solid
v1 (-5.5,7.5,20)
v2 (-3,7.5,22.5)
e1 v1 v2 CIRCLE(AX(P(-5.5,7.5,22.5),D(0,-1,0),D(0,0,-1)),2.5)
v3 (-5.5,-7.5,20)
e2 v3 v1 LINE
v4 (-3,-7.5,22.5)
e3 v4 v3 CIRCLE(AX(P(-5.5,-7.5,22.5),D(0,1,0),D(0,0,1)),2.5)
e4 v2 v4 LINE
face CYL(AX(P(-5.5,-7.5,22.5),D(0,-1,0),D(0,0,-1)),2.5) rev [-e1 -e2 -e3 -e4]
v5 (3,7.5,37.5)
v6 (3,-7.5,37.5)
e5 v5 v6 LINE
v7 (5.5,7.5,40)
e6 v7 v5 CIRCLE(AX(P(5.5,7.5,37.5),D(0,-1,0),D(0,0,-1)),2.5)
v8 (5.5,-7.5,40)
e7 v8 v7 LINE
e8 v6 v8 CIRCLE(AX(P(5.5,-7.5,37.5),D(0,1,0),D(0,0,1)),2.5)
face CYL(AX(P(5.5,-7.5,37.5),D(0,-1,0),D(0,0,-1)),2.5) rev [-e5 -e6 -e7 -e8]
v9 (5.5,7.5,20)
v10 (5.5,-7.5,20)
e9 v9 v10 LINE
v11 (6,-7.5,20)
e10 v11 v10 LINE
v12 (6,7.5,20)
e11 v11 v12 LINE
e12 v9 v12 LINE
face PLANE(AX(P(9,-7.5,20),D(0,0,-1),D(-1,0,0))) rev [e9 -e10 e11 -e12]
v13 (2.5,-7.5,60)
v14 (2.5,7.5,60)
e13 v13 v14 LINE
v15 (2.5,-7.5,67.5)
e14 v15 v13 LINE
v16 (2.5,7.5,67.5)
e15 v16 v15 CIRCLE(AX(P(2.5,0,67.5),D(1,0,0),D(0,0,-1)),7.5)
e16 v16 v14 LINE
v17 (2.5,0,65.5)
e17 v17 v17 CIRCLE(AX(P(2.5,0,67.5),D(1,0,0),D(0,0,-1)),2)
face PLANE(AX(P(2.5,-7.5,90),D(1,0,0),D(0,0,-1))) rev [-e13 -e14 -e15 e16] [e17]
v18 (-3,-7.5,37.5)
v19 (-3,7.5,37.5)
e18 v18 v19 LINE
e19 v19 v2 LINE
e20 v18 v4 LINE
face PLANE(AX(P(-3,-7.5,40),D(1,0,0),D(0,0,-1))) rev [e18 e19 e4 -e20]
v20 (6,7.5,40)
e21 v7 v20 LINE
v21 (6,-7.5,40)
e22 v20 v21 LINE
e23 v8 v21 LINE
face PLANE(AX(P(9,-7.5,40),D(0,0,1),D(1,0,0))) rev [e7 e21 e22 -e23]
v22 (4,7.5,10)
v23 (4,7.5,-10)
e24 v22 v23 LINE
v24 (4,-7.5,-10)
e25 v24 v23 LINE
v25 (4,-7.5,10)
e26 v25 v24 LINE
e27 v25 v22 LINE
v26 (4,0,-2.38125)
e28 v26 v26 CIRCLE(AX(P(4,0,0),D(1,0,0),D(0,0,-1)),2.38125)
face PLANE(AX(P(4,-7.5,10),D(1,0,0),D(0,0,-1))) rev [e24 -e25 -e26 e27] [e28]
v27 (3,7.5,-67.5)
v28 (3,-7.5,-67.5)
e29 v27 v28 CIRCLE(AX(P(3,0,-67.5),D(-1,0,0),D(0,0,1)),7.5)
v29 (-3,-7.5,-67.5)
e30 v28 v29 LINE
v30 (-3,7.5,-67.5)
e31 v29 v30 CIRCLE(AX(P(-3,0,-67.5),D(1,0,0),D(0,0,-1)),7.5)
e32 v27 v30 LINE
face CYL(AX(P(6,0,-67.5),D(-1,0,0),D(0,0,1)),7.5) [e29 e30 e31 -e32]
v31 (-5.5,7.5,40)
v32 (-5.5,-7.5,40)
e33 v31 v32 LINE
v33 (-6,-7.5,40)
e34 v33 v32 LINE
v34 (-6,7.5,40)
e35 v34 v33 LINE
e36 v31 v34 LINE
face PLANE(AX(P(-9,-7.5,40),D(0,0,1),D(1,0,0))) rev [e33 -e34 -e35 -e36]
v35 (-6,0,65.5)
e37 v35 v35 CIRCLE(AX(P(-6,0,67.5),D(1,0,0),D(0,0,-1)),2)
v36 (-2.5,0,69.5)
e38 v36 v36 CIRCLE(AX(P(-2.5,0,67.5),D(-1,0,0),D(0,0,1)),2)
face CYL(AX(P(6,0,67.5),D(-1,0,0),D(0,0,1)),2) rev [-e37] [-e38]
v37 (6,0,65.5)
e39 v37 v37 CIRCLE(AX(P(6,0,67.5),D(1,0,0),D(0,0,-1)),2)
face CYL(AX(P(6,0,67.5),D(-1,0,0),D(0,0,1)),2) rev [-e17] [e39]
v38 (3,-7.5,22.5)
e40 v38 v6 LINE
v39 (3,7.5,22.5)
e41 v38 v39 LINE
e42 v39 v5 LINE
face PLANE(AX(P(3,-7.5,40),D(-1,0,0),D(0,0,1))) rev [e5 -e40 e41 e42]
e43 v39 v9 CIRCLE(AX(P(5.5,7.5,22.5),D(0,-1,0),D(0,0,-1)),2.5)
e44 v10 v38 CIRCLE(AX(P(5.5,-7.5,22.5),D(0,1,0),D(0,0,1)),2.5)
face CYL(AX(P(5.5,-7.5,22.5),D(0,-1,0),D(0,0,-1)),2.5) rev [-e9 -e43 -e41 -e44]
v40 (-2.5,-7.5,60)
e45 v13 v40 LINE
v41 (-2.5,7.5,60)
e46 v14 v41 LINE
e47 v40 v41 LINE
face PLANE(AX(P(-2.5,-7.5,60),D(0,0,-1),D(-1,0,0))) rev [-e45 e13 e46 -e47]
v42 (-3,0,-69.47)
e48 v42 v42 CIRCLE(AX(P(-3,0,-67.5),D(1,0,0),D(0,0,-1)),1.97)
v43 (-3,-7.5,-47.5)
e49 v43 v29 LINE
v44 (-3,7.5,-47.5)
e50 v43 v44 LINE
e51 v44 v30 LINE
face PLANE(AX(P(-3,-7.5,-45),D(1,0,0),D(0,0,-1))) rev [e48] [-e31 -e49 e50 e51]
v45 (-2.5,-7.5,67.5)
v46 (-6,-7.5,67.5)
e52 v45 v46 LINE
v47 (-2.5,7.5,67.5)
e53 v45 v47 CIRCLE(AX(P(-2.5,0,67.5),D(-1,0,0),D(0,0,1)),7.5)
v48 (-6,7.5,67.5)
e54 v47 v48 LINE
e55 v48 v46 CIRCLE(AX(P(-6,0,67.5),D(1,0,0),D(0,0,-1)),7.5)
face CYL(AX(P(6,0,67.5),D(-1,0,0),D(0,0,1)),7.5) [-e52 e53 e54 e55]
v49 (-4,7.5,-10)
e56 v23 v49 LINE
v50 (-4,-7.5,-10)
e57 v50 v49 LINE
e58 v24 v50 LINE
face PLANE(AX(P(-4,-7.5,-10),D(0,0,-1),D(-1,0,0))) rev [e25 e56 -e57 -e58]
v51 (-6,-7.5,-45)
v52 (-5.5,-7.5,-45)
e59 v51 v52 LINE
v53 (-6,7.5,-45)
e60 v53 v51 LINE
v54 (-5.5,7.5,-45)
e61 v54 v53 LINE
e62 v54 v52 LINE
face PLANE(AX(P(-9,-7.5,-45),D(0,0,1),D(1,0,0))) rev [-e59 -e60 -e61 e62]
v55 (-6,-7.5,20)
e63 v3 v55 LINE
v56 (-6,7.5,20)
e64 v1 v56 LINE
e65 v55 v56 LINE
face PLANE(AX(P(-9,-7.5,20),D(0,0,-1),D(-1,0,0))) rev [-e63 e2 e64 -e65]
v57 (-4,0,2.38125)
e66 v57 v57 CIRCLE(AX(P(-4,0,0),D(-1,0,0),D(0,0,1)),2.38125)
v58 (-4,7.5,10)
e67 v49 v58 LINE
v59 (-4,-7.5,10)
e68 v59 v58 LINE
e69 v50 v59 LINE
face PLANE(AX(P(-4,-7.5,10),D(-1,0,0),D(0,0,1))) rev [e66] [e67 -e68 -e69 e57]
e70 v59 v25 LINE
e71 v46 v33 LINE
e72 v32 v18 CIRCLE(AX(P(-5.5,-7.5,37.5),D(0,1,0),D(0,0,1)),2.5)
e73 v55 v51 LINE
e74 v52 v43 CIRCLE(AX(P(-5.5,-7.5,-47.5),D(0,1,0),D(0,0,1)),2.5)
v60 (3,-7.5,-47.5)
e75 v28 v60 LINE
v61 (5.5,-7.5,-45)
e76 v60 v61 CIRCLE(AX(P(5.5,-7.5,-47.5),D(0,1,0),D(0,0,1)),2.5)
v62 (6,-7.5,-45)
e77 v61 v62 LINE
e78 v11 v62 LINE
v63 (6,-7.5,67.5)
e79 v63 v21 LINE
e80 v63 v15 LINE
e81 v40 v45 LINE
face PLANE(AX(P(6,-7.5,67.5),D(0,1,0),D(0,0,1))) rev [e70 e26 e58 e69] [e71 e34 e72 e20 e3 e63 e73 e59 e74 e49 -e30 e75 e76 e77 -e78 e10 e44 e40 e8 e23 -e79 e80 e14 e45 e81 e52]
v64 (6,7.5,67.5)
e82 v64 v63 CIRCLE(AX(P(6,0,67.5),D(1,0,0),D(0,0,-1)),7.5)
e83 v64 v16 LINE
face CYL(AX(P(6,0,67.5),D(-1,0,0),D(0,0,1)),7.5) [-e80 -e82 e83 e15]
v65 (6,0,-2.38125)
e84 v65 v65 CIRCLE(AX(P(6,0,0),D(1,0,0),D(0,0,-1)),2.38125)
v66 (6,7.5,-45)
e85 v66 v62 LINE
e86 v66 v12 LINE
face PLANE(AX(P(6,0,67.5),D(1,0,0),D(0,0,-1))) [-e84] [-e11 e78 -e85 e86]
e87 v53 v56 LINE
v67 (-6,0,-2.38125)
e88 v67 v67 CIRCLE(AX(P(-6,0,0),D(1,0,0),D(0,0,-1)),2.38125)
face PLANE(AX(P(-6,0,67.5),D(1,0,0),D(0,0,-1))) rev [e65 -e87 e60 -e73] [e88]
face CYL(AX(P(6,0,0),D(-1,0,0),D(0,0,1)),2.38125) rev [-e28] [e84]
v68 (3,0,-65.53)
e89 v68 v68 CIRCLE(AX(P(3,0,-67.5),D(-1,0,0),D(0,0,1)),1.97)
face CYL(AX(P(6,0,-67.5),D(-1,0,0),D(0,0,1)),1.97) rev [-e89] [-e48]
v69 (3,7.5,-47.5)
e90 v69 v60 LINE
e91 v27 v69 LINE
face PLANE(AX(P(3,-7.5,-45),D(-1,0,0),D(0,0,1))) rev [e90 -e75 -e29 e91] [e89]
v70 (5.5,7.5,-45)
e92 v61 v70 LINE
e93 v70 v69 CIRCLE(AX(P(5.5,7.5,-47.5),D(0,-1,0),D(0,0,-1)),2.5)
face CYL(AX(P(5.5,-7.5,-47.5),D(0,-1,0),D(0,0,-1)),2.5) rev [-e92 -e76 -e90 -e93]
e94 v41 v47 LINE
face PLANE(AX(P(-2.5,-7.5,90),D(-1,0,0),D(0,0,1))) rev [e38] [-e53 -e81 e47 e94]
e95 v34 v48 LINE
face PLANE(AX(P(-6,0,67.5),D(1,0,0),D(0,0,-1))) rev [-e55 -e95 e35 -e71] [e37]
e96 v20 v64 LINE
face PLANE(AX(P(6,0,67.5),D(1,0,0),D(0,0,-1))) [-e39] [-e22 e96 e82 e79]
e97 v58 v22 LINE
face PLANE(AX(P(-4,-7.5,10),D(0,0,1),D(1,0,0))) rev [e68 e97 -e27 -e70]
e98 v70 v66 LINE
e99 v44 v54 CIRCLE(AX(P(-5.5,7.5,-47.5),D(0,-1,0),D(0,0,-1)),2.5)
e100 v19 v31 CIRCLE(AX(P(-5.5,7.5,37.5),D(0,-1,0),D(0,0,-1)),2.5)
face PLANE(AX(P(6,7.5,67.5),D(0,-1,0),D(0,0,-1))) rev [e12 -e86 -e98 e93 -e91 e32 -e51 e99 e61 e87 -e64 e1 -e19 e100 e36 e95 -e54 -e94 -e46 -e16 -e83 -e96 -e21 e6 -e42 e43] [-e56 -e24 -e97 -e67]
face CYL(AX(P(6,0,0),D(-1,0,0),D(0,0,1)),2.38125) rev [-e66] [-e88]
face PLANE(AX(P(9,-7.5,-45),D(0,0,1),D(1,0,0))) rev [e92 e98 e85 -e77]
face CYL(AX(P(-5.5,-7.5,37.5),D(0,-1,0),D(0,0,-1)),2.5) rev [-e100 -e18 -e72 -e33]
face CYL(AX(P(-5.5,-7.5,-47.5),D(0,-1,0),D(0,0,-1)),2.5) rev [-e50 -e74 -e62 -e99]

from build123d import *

# Parameters (mm, degrees)
SKETCH1_R           = 2
SKETCH1_R_2         = 2.38125
SKETCH1_R_3         = 1.97
BASE_DEPTH          = 6
ALL_CUTS_DEPTH      = 76.612498967
ALL_CUTS_DEPTH_BACK = 76.612498967
SKETCH2_W           = 5
SKETCH2_H           = 30
SKETCH2_W_2         = 6
SKETCH2_H_2         = 20
SKETCH2_W_3         = 8
FILLET1_R           = 2.5


with BuildPart() as part:
    # Sketch1 → BASE (new, symmetric)
    with BuildSketch(Plane(origin=(0, 0, 0), x_dir=(0, 0, -1), z_dir=(1, 0, 0))):
        with BuildLine():
            Line((-67.5, 7.5), (67.5, 7.5))
            ThreePointArc((67.5, 7.5), (75, 0), (67.5, -7.5))
            Line((67.5, -7.5), (-67.5, -7.5))
            ThreePointArc((-67.5, -7.5), (-75, 0), (-67.5, 7.5))
        make_face()
        with Locations((-67.5, 0)):
            Circle(SKETCH1_R, mode=Mode.SUBTRACT)
        Circle(SKETCH1_R_2, mode=Mode.SUBTRACT)
        with Locations((67.5, 0)):
            Circle(SKETCH1_R_3, mode=Mode.SUBTRACT)
    extrude(amount=BASE_DEPTH, both=True)

    # Sketch2 → All_Cuts (cut, two sides: drawn at the far end of the back side and taken through both)
    with BuildSketch(Plane(origin=(0, 0, 0), x_dir=(1, 0, 0), z_dir=(0, 1, 0)).offset(-ALL_CUTS_DEPTH_BACK)):
        with Locations((0, -75)):
            Rectangle(SKETCH2_W, SKETCH2_H)
        with Locations((-6, -30)):
            Rectangle(SKETCH2_W_2, SKETCH2_H_2)
        with Locations((6, -30)):
            Rectangle(SKETCH2_W_2, SKETCH2_H_2)
        with Locations((6, 60)):
            Rectangle(SKETCH2_W_2, SKETCH2_H)
        with Locations((-6, 60)):
            Rectangle(SKETCH2_W_2, SKETCH2_H)
        Rectangle(SKETCH2_W_3, SKETCH2_H_2)
    extrude(amount=ALL_CUTS_DEPTH + ALL_CUTS_DEPTH_BACK, mode=Mode.SUBTRACT)

    # Fillet1
    fillet1_edges = [part.edges().sort_by_distance(p)[0] for p in [
        (3, 0, 20),
        (3, 0, 40),
        (-3, 0, 40),
        (-3, 0, 20),
        (3, 0, -45),
        (-3, 0, -45),
    ]]
    fillet(fillet1_edges, radius=FILLET1_R)


solid = part.part
